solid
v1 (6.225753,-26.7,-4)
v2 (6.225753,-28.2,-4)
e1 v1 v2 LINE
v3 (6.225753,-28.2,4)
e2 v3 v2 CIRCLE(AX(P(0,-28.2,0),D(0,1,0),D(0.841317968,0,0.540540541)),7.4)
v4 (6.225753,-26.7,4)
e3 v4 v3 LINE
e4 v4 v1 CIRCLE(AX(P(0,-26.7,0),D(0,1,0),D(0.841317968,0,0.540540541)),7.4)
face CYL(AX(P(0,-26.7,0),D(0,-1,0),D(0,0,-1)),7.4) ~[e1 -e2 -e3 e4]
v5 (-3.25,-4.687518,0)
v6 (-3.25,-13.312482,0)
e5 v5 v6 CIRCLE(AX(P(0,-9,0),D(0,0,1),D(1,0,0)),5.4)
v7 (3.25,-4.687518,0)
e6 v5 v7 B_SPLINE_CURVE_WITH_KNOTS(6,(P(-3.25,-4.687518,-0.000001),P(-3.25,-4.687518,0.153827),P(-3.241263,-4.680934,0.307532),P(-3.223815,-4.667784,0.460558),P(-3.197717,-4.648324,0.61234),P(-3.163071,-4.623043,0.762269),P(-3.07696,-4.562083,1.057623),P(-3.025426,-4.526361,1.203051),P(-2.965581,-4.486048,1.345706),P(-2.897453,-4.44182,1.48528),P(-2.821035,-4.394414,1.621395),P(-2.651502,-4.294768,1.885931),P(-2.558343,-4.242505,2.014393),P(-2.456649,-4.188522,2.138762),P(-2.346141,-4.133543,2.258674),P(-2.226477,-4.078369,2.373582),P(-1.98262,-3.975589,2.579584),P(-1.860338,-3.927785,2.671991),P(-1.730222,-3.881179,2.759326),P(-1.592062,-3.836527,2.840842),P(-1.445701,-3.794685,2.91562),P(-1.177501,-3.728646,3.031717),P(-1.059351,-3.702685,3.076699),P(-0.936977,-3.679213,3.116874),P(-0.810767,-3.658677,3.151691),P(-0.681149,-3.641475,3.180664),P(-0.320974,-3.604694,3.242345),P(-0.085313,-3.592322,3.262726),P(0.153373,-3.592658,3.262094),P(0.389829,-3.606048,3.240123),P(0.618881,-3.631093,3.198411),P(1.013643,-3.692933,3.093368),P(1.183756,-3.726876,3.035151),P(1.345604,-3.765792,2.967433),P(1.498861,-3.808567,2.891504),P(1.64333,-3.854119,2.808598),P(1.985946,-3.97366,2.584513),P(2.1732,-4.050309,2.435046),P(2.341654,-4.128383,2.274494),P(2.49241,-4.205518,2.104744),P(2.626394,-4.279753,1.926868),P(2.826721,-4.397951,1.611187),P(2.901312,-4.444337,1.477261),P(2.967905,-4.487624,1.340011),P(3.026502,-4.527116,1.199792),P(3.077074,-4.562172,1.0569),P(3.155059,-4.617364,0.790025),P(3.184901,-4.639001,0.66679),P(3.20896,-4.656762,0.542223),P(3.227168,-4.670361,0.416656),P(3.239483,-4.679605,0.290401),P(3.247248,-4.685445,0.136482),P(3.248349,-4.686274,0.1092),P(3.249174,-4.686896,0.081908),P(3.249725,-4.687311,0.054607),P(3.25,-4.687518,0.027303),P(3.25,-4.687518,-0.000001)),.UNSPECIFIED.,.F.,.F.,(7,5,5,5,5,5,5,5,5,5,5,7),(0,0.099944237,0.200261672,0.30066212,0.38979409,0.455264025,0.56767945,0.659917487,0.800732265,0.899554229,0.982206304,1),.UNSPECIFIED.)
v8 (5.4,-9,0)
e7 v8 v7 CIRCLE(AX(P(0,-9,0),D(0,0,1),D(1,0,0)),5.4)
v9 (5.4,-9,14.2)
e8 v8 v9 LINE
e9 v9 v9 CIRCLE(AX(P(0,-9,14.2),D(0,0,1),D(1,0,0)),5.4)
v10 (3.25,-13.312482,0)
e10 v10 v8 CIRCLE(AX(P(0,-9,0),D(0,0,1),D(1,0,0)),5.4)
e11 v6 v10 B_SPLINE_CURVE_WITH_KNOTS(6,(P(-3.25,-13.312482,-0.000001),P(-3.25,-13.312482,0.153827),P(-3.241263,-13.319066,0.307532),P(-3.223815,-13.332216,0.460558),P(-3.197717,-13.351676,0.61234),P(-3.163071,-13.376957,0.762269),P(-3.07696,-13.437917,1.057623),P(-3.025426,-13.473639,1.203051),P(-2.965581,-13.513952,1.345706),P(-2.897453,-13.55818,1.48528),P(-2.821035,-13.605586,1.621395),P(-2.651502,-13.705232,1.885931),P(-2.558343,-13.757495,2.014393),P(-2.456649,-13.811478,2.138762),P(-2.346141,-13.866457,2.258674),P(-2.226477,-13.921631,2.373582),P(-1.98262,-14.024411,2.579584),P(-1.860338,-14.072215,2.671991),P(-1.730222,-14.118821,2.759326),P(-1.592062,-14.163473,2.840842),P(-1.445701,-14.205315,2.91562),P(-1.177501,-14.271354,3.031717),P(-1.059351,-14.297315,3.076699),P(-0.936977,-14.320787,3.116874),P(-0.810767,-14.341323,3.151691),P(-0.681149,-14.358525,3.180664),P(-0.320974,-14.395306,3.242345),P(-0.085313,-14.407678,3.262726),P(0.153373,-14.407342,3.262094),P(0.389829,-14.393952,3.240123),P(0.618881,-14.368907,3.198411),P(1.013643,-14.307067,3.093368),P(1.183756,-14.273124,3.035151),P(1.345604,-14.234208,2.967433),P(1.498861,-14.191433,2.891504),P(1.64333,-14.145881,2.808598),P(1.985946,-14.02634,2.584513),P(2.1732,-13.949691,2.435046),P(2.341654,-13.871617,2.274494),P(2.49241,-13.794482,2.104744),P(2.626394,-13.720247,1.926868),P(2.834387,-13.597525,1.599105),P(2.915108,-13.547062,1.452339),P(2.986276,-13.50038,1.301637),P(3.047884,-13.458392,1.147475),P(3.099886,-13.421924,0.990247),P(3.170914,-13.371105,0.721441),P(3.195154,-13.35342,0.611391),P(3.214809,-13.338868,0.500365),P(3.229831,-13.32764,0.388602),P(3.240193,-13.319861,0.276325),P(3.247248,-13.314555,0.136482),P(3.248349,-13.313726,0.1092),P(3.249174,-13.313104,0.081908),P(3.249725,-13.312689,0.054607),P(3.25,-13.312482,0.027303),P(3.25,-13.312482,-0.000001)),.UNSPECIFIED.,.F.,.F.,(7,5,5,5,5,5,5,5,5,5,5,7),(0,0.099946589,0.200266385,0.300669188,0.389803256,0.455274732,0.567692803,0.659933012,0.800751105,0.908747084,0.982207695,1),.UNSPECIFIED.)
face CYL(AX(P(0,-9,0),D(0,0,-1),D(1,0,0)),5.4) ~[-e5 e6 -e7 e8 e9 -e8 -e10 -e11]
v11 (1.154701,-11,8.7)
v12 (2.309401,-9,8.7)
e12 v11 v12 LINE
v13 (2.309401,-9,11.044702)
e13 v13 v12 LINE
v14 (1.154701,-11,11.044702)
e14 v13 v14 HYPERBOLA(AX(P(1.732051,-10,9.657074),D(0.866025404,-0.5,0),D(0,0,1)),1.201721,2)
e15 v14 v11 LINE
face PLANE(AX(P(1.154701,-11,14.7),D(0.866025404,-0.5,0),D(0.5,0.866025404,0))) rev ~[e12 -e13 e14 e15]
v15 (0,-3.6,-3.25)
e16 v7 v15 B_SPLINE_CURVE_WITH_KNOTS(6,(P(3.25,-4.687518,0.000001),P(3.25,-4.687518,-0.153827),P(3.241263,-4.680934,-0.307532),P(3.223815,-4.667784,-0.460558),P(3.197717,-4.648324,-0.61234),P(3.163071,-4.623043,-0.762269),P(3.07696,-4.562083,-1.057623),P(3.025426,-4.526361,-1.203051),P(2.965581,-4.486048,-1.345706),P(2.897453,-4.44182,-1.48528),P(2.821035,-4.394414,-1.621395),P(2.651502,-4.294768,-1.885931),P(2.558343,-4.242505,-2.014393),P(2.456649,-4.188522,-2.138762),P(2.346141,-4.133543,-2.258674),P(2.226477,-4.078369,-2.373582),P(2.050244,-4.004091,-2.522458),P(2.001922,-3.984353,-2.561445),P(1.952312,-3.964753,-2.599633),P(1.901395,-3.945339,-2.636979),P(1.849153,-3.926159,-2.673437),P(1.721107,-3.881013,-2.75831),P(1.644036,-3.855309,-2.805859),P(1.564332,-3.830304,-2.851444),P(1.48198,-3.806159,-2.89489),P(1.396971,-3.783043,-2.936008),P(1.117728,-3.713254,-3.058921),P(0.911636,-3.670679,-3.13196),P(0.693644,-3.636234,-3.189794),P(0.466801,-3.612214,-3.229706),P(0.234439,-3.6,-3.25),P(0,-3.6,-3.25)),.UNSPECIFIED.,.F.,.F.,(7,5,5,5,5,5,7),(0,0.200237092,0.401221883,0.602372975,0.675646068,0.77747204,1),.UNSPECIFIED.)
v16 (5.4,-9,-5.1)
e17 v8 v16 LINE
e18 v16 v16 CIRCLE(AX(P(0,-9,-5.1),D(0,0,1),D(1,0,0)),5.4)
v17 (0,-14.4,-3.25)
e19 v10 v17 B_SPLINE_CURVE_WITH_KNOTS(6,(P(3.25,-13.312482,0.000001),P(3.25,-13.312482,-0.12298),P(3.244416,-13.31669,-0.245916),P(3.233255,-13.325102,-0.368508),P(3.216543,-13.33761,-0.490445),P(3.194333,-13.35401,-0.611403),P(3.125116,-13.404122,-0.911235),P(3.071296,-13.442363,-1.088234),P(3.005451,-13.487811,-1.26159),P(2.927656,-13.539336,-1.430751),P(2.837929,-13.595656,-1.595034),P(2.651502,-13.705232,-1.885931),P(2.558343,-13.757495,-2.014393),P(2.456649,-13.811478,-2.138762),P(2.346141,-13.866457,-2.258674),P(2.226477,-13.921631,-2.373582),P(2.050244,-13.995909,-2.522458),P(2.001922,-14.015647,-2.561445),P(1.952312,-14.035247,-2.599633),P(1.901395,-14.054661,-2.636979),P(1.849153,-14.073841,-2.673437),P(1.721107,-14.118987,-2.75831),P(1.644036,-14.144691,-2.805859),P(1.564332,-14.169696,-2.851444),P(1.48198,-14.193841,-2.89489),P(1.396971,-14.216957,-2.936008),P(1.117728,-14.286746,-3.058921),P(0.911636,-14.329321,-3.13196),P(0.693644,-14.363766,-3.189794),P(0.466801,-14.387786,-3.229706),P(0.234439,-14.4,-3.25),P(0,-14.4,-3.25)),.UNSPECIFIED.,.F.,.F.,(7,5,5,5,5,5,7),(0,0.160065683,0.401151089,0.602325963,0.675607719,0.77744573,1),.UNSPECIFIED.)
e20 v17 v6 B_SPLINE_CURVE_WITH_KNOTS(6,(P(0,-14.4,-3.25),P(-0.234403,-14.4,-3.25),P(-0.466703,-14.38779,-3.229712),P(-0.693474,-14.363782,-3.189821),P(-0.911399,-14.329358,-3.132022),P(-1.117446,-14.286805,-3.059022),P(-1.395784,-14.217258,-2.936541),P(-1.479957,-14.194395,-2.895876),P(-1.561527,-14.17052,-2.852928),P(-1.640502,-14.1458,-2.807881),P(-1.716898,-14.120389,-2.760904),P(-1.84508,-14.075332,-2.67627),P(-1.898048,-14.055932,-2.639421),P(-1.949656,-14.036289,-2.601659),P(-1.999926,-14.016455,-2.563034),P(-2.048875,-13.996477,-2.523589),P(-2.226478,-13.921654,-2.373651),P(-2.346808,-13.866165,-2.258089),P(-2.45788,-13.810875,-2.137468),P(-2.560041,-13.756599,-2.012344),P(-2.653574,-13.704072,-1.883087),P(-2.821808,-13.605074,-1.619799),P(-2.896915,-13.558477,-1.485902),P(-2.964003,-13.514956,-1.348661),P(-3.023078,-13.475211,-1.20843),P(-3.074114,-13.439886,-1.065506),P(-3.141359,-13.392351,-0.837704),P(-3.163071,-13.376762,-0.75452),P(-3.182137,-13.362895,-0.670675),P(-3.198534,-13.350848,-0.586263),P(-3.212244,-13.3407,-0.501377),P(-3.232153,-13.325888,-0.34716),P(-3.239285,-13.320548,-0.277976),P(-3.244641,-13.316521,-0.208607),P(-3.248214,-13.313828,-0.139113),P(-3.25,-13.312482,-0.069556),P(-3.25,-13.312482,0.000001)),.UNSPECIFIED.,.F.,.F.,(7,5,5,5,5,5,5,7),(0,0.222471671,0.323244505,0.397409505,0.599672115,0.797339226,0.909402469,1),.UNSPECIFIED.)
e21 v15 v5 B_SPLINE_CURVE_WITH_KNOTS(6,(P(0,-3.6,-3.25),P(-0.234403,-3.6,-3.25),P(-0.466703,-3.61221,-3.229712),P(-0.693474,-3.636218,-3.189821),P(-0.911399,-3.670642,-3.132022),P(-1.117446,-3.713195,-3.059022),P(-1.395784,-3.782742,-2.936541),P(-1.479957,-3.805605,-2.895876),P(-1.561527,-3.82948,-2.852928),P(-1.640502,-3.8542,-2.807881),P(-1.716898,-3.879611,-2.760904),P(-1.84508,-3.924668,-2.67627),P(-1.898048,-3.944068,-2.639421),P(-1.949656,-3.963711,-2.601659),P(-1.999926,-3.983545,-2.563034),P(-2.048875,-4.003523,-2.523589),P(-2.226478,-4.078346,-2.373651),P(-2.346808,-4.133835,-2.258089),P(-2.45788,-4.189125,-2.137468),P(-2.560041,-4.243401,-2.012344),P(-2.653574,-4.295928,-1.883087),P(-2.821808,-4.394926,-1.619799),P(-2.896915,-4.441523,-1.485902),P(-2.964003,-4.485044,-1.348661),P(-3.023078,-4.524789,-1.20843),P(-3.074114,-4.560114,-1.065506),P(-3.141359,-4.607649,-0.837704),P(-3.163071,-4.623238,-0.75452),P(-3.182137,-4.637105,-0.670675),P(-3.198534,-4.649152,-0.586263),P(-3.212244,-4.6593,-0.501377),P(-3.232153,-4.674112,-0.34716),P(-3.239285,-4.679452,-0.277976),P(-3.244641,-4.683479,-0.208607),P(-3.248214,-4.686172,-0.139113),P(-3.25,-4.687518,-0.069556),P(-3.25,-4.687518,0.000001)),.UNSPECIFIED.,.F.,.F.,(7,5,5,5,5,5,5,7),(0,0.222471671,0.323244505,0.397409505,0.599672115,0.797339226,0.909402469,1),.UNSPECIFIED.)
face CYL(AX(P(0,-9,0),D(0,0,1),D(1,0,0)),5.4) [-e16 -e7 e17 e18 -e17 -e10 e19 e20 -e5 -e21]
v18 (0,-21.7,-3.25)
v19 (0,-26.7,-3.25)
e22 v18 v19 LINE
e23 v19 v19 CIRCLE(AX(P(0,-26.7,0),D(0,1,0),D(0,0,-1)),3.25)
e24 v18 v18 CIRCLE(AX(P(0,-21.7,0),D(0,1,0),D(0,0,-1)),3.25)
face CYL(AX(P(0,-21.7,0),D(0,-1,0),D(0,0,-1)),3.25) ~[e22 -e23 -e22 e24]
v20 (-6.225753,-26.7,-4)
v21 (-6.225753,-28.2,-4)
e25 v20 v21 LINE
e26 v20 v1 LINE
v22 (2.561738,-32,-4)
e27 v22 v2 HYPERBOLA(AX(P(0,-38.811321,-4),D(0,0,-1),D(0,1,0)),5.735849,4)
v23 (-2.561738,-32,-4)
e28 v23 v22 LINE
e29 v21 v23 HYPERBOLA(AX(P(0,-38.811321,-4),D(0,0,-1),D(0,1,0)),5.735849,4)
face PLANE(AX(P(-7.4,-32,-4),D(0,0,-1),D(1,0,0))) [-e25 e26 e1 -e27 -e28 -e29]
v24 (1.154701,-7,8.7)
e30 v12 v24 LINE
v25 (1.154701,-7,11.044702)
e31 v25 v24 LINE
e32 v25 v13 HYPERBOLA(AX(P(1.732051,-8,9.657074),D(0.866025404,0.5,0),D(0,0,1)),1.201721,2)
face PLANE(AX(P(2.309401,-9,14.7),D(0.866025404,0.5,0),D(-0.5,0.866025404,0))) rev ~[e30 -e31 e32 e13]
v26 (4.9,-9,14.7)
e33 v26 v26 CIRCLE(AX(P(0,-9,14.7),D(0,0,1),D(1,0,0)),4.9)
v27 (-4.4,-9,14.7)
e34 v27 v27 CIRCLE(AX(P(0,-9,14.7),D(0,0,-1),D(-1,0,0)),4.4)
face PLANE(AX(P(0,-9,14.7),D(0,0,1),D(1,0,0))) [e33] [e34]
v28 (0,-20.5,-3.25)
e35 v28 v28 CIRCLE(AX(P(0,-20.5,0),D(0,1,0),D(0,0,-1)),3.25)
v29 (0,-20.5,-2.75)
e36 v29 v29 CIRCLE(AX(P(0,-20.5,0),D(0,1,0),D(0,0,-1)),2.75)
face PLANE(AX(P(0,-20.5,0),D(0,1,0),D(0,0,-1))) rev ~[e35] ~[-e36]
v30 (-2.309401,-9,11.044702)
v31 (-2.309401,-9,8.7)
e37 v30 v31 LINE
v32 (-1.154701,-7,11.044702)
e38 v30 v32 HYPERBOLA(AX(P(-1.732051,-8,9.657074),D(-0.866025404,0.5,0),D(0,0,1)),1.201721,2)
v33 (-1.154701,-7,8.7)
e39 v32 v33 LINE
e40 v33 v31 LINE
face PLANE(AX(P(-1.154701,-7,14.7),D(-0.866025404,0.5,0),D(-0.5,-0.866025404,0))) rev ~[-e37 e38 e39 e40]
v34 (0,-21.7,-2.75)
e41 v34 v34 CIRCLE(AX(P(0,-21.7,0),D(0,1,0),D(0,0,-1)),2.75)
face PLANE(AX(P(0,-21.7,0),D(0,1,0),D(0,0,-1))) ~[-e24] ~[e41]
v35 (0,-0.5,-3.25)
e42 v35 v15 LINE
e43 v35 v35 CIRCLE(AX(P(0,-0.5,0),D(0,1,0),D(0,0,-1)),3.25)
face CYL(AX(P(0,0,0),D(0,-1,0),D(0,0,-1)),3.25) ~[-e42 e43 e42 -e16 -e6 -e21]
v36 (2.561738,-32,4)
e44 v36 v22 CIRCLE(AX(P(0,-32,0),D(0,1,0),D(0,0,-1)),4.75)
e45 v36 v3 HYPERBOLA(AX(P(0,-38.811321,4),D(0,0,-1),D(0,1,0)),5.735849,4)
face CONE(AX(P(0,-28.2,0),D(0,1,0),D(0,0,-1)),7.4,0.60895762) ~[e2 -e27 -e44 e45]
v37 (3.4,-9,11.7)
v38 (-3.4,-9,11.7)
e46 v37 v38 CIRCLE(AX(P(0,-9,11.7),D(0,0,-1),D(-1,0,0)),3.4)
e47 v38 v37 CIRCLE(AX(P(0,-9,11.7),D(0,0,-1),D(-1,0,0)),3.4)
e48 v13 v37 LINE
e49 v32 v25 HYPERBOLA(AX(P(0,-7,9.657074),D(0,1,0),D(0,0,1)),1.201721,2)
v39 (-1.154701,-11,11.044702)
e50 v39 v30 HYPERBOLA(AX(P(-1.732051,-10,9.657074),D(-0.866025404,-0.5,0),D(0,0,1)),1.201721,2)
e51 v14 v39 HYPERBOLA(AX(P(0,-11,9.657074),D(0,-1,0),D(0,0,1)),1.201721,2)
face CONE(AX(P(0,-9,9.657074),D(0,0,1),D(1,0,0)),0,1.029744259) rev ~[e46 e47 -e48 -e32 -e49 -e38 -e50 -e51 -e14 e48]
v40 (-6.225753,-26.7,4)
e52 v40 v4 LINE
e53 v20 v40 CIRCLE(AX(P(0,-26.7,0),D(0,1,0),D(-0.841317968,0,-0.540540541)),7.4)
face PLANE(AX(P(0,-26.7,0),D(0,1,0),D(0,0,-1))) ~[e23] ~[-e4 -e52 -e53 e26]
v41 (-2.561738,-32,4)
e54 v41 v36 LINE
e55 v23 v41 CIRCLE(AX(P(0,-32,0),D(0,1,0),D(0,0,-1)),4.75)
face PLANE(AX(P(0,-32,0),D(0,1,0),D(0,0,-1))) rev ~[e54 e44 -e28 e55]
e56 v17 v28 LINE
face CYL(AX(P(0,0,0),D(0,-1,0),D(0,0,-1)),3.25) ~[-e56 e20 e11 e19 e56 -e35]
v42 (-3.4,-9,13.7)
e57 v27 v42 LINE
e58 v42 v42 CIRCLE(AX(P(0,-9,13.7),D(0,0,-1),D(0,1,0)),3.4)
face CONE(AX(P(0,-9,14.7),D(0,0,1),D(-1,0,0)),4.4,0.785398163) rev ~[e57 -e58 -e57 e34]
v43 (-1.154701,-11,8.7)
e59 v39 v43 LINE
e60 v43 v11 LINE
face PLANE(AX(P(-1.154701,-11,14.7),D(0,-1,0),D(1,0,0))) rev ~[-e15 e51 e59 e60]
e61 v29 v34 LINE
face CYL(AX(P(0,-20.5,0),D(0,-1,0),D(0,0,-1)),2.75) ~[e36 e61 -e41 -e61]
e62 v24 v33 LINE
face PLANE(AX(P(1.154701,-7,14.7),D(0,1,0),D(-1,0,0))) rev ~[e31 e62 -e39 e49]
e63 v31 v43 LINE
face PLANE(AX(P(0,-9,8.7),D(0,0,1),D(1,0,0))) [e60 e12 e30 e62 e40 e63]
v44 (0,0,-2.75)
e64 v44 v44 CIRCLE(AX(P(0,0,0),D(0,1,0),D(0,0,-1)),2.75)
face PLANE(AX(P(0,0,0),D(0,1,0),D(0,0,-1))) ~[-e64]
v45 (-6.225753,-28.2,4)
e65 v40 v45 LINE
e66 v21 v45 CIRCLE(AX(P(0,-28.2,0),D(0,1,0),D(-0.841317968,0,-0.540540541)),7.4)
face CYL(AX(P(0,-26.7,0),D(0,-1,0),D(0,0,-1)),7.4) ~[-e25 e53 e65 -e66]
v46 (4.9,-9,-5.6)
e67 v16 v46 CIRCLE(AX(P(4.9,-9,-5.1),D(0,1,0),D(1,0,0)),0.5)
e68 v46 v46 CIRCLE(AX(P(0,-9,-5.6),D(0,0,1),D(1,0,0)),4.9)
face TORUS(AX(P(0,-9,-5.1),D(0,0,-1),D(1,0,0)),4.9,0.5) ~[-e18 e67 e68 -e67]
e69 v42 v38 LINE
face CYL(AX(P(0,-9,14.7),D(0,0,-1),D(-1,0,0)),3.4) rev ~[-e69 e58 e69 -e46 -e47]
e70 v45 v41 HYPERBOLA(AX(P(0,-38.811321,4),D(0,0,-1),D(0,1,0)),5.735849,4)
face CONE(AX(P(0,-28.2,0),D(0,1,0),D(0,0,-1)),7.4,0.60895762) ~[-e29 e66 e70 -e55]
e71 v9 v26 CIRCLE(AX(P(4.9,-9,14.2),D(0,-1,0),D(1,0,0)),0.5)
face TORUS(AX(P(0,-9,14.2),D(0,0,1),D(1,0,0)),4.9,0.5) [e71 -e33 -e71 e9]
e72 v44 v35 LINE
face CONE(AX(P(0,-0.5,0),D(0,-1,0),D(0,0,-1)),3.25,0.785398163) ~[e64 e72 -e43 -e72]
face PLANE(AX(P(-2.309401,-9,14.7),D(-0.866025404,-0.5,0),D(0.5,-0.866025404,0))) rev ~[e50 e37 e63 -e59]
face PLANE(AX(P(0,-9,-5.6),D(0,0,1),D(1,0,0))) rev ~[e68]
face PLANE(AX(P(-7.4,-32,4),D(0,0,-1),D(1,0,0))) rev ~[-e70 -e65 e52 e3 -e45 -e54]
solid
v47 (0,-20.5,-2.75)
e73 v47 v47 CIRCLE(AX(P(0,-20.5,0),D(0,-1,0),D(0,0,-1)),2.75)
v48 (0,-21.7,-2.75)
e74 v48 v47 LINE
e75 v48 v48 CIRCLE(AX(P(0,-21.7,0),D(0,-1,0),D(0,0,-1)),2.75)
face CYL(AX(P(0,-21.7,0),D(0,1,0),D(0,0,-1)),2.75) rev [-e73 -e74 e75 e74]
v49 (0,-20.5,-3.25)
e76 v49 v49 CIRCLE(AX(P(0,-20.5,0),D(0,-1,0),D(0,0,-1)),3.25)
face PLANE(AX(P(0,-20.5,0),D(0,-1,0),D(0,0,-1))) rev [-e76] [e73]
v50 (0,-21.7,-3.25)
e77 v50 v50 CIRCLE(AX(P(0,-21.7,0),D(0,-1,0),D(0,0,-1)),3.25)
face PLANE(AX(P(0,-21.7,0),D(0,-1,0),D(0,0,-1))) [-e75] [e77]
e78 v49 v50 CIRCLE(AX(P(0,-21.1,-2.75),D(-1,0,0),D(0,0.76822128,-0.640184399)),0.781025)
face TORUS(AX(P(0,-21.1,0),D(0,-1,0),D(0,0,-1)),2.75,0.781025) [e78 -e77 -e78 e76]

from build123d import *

# Parameters (mm, degrees)
SKETCH_6_OUTSIDE_W          = 24.448
SKETCH_6_OUTSIDE_H          = 24.448
SKETCH_6_OUTSIDE_W_2        = 14.8
SKETCH_6_OUTSIDE_H_2        = 8
CUT_EXTRUDE_1_DEPTH         = 5.3
CHAMFER_1_SIZE              = 0.5
SKETCH_12_R                 = 5.4
EXTRUDE_2_DEPTH             = 14.7
EXTRUDE_2_DEPTH_BACK        = 5.6
HOLE_WIZARD_M81_D           = 6.8
HOLE_WIZARD_M81_DEPTH       = 3
HOLE_WIZARD_M81_CSINK_D     = 8.8
HOLE_WIZARD_M81_CSINK_ANGLE = 90
HOLE_WIZARD_M81_TIP         = 2.042926105
FILLET_1_R                  = 0.5
CUT_EXTRUDE_2_DEPTH         = 6


with BuildPart() as part:
    # Эскиз3 → Повернуть1 (revolve)
    with BuildSketch(Plane.XY, mode=Mode.PRIVATE) as revolve_1_sk:
        Polygon((0, 0), (-3.25, 0), (-3.25, -20.5), (-2.75, -20.5), (-2.75, -21.7), (-3.25, -21.7), (-3.25, -26.7), (-7.4, -26.7), (-7.4, -28.2), (-4.75, -32), (0, -32), align=None)
    revolve(revolve_1_sk.sketch.rotate(Axis((0, 0, 0), (0, 1, 0)), 270), axis=Axis((0, 0, 0), (0, 1, 0)))  # turned: the seam where the file's is

    # Эскиз6 outside → Вырез-Вытянуть1 (cut)
    with BuildSketch(Plane.XZ.offset(32)):
        Rectangle(SKETCH_6_OUTSIDE_W, SKETCH_6_OUTSIDE_H)
        Rectangle(SKETCH_6_OUTSIDE_W_2, SKETCH_6_OUTSIDE_H_2, mode=Mode.SUBTRACT)
    extrude(amount=-CUT_EXTRUDE_1_DEPTH, mode=Mode.SUBTRACT)

    # Фаска1
    chamfer_1_edges = [part.edges().sort_by_distance(p)[0] for p in [
        (0, 0, 3.25),
    ]]
    chamfer(chamfer_1_edges, length=CHAMFER_1_SIZE)

    # Эскиз12 → Бобышка-Вытянуть2 (add, two sides)
    with BuildSketch(Plane.XY) as extrude_2_sk:
        with Locations((0, -9)):
            Circle(SKETCH_12_R)
    extrude(amount=EXTRUDE_2_DEPTH)
    extrude(extrude_2_sk.sketch, amount=-EXTRUDE_2_DEPTH_BACK)

    # Отверстие обработанное метчиком M81
    with Locations(Plane.XY.offset(14.7)):
        with Locations((0, -9)):
            CounterSinkHole(HOLE_WIZARD_M81_D / 2, HOLE_WIZARD_M81_CSINK_D / 2, depth=HOLE_WIZARD_M81_DEPTH, counter_sink_angle=HOLE_WIZARD_M81_CSINK_ANGLE)
            with Locations((0, 0, -(HOLE_WIZARD_M81_DEPTH + HOLE_WIZARD_M81_TIP / 2))):  # 118° drill point
                Cone(0, HOLE_WIZARD_M81_D / 2, HOLE_WIZARD_M81_TIP, mode=Mode.SUBTRACT)

    # Скругление1
    fillet_1_edges = [part.edges().sort_by_distance(p)[0] for p in [
        (-5.4, -9, -5.6),
        (-5.4, -9, 14.7),
    ]]
    fillet(fillet_1_edges, radius=FILLET_1_R)

    # Эскиз15 → Вырез-Вытянуть2 (cut)
    with BuildSketch(Plane.XY.offset(14.7)):
        Polygon((2.309401077, -9), (1.154700538, -7), (-1.154700538, -7), (-2.309401077, -9), (-1.154700538, -11), (1.154700538, -11), align=None)
    extrude(amount=-CUT_EXTRUDE_2_DEPTH, mode=Mode.SUBTRACT)


with BuildPart() as body_2:
    # Эскиз16 → Повернуть2 (revolve)
    with BuildSketch(Plane.XY, mode=Mode.PRIVATE) as revolve_2_sk:
        with BuildLine():
            Line((-2.75, -20.5), (-3.25, -20.5))
            ThreePointArc((-3.25, -20.5), (-3.531024968, -21.1), (-3.25, -21.7))
            Line((-3.25, -21.7), (-2.75, -21.7))
            Line((-2.75, -21.7), (-2.75, -20.5))
        make_face()
    revolve(revolve_2_sk.sketch.rotate(Axis((0, -20.5, 0), (0, -1, 0)), 90), axis=Axis((0, -20.5, 0), (0, -1, 0)))  # turned: the seam where the file's is


solid = Compound([part.part, body_2.part])
